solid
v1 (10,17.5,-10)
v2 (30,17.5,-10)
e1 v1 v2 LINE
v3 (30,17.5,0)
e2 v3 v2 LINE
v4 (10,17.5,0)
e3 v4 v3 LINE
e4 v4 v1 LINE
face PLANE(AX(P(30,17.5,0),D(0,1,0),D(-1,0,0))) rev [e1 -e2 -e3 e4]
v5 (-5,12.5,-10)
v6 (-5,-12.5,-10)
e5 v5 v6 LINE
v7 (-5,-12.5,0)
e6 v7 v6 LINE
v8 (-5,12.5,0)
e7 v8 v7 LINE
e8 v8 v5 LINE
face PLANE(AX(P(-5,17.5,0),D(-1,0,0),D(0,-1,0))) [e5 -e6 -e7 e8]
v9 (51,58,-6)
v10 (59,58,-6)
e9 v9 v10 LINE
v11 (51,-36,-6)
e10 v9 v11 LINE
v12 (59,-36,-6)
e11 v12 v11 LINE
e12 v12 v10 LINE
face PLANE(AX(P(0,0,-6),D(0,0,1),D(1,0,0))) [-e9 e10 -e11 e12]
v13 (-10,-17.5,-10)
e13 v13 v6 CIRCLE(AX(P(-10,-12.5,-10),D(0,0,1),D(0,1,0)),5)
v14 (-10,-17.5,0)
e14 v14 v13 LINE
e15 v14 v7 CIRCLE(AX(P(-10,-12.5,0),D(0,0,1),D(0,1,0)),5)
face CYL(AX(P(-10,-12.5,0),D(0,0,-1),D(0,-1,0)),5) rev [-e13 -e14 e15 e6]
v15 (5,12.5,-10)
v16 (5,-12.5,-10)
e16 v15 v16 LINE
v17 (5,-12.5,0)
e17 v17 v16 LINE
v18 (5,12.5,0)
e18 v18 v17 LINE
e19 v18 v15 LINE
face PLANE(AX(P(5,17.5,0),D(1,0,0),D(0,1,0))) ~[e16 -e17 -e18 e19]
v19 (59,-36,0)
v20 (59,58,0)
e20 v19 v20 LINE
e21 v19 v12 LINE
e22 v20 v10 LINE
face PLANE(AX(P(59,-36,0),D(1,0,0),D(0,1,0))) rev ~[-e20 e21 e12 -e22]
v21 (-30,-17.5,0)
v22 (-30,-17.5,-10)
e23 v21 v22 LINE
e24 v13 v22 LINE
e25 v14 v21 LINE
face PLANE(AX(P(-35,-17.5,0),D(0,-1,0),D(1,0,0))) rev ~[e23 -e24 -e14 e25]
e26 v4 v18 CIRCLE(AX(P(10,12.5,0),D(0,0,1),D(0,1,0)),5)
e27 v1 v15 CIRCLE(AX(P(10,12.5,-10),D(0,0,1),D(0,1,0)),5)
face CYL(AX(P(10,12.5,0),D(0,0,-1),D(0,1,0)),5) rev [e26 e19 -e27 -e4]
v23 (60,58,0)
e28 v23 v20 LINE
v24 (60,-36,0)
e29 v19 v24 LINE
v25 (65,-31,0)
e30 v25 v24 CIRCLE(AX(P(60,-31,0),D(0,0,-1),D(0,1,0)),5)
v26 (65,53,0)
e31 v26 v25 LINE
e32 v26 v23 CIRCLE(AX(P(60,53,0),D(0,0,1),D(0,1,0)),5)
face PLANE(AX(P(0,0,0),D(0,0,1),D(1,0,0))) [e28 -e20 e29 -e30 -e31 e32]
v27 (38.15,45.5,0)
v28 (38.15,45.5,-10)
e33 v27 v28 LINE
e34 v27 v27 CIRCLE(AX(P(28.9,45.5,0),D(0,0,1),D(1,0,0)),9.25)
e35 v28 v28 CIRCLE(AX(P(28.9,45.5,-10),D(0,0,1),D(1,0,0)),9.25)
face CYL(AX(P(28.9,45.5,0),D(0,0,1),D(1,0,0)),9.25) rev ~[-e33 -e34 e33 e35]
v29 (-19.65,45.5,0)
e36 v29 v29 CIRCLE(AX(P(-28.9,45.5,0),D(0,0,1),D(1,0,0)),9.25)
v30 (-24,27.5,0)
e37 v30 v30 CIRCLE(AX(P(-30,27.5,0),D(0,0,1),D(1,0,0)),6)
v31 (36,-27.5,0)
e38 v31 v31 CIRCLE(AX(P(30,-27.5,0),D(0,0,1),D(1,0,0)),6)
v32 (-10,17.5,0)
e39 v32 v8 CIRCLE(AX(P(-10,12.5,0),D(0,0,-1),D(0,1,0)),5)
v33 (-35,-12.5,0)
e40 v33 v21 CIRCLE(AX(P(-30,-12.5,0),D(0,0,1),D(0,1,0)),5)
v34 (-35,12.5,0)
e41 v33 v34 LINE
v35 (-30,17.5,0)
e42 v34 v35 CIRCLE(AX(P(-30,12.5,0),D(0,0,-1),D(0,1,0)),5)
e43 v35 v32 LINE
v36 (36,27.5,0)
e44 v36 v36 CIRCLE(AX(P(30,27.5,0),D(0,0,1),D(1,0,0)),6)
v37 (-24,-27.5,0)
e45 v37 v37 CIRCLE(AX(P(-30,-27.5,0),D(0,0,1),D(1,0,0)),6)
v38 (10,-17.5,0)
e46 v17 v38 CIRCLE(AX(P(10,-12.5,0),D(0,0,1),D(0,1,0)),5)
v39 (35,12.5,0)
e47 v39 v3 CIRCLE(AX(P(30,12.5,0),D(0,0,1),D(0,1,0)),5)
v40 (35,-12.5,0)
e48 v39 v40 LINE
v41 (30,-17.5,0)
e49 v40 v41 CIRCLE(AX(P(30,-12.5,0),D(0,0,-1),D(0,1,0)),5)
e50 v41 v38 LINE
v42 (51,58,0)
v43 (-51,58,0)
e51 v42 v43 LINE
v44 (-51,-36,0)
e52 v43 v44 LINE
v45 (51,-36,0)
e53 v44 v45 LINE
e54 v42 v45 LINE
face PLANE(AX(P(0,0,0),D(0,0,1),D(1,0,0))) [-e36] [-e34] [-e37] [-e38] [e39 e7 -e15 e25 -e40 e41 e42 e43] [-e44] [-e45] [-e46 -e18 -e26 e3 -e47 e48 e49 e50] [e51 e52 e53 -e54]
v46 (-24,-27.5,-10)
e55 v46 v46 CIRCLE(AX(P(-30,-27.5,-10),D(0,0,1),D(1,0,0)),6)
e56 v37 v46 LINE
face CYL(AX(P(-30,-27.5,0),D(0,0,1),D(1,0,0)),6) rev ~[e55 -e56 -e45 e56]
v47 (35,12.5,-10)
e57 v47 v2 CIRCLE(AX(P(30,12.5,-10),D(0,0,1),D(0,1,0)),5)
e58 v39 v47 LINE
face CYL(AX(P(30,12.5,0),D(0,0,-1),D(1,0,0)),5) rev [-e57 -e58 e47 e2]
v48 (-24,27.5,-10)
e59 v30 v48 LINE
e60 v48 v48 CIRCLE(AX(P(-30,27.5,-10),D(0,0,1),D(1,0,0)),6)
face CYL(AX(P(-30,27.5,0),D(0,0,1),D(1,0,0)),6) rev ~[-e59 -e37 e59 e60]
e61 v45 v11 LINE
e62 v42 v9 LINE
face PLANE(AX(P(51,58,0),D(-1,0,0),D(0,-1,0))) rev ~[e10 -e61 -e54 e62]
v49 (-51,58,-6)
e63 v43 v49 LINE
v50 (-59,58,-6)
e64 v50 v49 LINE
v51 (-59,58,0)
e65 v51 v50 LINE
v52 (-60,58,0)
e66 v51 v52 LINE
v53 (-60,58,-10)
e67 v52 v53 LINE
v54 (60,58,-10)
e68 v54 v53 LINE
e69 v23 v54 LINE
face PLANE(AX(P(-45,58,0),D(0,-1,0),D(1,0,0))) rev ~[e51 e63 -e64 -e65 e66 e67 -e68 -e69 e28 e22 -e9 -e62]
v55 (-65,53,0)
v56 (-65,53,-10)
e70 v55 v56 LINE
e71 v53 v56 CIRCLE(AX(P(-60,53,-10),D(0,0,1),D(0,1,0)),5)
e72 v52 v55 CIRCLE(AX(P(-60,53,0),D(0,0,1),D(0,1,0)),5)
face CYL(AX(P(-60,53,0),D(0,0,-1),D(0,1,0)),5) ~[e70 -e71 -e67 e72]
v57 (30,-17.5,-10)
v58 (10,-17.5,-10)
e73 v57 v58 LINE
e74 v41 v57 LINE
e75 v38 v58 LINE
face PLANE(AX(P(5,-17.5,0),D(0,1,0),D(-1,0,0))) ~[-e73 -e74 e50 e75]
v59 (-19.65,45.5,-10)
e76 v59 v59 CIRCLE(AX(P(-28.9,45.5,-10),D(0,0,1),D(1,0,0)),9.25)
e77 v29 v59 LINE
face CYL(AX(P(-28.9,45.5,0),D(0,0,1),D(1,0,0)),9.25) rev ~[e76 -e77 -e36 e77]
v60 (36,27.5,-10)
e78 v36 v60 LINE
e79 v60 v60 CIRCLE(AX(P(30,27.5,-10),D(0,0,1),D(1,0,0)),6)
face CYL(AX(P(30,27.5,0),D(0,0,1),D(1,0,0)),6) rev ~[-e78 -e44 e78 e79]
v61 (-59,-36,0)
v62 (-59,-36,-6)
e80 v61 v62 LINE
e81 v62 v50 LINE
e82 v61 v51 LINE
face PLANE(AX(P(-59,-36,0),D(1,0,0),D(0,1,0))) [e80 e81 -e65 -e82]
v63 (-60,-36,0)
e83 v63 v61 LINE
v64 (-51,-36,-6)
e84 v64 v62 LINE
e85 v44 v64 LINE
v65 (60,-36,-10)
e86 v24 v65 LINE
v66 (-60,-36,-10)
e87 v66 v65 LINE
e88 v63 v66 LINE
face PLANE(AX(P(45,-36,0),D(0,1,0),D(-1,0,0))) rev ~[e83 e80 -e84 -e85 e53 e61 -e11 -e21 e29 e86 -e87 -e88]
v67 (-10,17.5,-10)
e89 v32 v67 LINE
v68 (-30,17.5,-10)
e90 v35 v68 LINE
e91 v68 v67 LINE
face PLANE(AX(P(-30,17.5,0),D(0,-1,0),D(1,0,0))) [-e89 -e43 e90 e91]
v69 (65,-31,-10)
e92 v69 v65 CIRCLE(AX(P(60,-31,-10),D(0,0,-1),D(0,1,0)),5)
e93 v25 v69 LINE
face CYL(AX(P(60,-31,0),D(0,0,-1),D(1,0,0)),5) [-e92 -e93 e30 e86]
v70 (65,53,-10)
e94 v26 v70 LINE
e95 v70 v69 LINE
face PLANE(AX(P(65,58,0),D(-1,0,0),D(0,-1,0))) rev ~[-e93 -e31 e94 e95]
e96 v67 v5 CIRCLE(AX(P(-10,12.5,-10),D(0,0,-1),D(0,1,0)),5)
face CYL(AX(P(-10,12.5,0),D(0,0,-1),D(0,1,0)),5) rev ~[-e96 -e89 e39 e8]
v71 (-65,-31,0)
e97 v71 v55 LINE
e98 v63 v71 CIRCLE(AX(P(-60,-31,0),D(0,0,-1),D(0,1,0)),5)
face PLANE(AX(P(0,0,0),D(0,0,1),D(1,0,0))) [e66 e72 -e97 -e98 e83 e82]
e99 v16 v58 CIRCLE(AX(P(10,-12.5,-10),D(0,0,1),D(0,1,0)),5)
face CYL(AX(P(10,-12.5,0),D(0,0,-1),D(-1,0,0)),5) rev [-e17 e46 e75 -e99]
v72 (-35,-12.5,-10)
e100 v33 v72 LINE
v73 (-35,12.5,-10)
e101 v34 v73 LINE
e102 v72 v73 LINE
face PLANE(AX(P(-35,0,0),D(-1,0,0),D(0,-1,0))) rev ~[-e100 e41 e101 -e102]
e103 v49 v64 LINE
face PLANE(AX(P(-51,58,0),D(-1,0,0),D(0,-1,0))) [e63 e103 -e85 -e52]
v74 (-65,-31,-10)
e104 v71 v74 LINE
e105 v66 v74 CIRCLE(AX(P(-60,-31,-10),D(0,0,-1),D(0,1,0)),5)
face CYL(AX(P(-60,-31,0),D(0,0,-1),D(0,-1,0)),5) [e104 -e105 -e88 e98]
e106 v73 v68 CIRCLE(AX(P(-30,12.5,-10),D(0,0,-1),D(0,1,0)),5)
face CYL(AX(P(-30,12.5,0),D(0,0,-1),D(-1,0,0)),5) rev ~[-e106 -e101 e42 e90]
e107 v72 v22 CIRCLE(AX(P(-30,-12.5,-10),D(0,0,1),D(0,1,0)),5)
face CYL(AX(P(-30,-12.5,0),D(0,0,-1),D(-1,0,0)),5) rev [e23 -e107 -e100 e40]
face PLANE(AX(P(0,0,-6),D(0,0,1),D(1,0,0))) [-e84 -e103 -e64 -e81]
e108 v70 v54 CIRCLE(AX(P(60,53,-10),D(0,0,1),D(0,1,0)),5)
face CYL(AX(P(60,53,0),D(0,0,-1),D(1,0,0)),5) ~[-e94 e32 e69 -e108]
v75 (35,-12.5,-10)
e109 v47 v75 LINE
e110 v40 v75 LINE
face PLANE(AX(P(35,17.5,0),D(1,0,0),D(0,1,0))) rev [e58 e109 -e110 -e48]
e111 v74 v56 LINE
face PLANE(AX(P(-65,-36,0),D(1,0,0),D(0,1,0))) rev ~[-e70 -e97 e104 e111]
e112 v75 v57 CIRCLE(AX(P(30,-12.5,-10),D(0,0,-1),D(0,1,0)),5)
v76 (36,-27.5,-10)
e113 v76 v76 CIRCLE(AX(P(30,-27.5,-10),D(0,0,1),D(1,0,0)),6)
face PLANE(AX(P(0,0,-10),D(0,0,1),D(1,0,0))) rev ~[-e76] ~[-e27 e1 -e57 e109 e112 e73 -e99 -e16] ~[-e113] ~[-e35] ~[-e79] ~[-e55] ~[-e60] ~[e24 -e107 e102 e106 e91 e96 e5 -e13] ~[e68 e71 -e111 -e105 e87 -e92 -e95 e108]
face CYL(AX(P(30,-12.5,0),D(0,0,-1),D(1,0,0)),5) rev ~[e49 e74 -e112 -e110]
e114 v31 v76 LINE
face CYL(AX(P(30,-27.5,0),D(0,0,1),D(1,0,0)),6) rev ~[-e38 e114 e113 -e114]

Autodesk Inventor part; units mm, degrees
ref_plane "YZ Plane" through (0, 0, 0) normal (1, 0, 0) x (0, 1, 0)
ref_plane "XZ Plane" through (0, 0, 0) normal (0, 1, 0) x (-1, 0, 0)
ref_plane "XY Plane" through (0, 0, 0) normal (0, 0, 1) x (1, 0, 0)
sketch "Sketch1" plane through (0, 0, 0) normal (0, 0, 1) x (1, 0, 0)
  line L0 (-91, 0) -> (91, 0) construction
  line L1 (0, -94.2771) -> (0, 159.6624) construction
  circle A0 centre (-30, 27.5) radius 6
  circle A1 centre (30, 27.5) radius 6
  line L2 (-30, 27.5) -> (30, 27.5) construction
  line L3 (30, 27.5) -> (30, -27.5) construction
  line L4 (30, -27.5) -> (-30, -27.5) construction
  line L5 (-30, -27.5) -> (-30, 27.5) construction
  circle A2 centre (-30, -27.5) radius 6
  circle A3 centre (30, -27.5) radius 6
  line L6 (-30, 17.5) -> (-5, 17.5)
  line L7 (-5, 17.5) -> (-5, -17.5)
  line L8 (-5, -17.5) -> (-30, -17.5)
  circle A4 centre (-30, 0) radius 5
  circle A5 centre (-13, 7.5) radius 5.5
  circle A6 centre (-13, -7.5) radius 5.5
  line L9 (-45, 36) -> (45, 36)
  line L10 (45, 36) -> (45, -36)
  line L11 (45, -36) -> (-45, -36)
  line L12 (-45, -36) -> (-45, 36)
  circle A7 centre (-28.9, 45.5) radius 9.25
  circle A8 centre (28.9, 45.5) radius 9.25
  circle A9 centre (-28.9, -45.5) radius 9.25 construction
  circle A10 centre (28.9, -45.5) radius 9.25 construction
  line L13 (-30, 17.5) -> (-35, 17.5)
  line L14 (-35, 17.5) -> (-35, -17.5)
  line L15 (-35, -17.5) -> (-30, -17.5)
  line L16 (-45, 58) -> (45, 58)
  line L17 (45, 58) -> (45, 36)
  line L18 (45, 36) -> (-45, 36)
  line L19 (-45, 36) -> (-45, 58)
  line L20 (-45, -36) -> (45, -36)
  line L21 (45, -36) -> (45, -58) construction
  line L22 (45, -58) -> (-45, -58) construction
  line L23 (-45, -58) -> (-45, -36) construction
  line L24 (-45, -36) -> (-65, -36)
  line L25 (-65, -36) -> (-65, 58)
  line L26 (-65, 58) -> (-45, 58)
  line L27 (-45, 58) -> (-45, -36)
  line L28 (65, -36) -> (45, -36)
  line L29 (45, -36) -> (45, 58)
  line L30 (45, 58) -> (65, 58)
  line L31 (65, 58) -> (65, -36)
  line L32 (-51, -36) -> (-59, -36)
  line L33 (-59, -36) -> (-59, 58)
  line L34 (-59, 58) -> (-51, 58)
  line L35 (-51, 58) -> (-51, -36)
  line L36 (51, -36) -> (59, -36)
  line L37 (59, -36) -> (59, 58)
  line L38 (59, 58) -> (51, 58)
  line L39 (51, 58) -> (51, -36)
  point P0 (0, 0)
  point P1 (-55, 58)
  point P2 (55, 58)
  dimension "d2" = 12
  dimension "d3" = 60
  dimension "d4" = 55
  dimension "d5" = 10
  dimension "d6" = 25
  dimension "d7" = 10
  dimension "d8" = 17
  dimension "d9" = 11
  dimension "d10" = 15
  dimension "d12" = 18
  dimension "d13" = 18.5
  dimension "d14" = 90
  dimension "d15" = 72
  dimension "d18" = 30
  dimension "d25" = 10
  dimension "d26" = 10
  dimension "d28" = 22
  dimension "d35" = 57.8
  dimension "d36" = 20
  dimension "d37" = 8
extrude "Extrusion1" add sketch "Sketch1" against normal blind 10 contours A0 | A1 | A2 | A3 | A4 | L6 L7 L8 L15 L14 L13 | A5 | A6 | L19 L16 L17 L9 | L9 L10 L11 L12 | L12 L24 L35 L26 L19 | L17 L30 L39 L28 L10 | L24 L33 L26 L35 | L39 L30 L37 L28 | L24 L25 L26 L33 | L37 L30 L31 L28
extrude "Extrusion3" cut sketch "Sketch1" against normal through all contours A0 | A1 | A2 | A3
sketch "Sketch2" plane through (0, 0, 0) normal (0, 0, 1) x (1, 0, 0)
  line L0 (-78.9863, 0) -> (78.9863, 0) projected
  line L1 (0, -92.6147) -> (0, 159.3853) projected
  line L2 (-56.4188, 123.3853) -> (56.4188, 123.3853)
  line L3 (56.4188, 123.3853) -> (56.4188, 99.2325)
  line L4 (56.4188, -56.6147) -> (-56.4188, -56.6147)
  line L5 (-56.4188, -56.6147) -> (-56.4188, 99.2325)
  line L6 (-56.4188, 99.2325) -> (56.4188, 99.2325)
  line L7 (56.4188, 99.2325) -> (56.4188, -56.6147)
  line L8 (-56.4188, 99.2325) -> (-56.4188, 123.3853)
  point P0 (0, 0)
  dimension "d27" = 180
extrude "Extrusion4" cut sketch "Sketch1" against normal through all contours A4 | A5 | A6
extrude "Extrusion5" cut sketch "Sketch1" against normal through all contours L6 L7 L8 L15 L14 L13
mirror "Mirror2" about plane through (0, 0, 0) normal (1, 0, 0) of "Extrusion4", "Extrusion5"
fillet "Fillet4" radius 5 8 edges at (-35, 17.5, -5) (-5, 17.5, -5) (-35, -17.5, -5) (-5, -17.5, -5) (5, -17.5, -5) (5, 17.5, -5) (35, 17.5, -5) (35, -17.5, -5)
extrude "Extrusion6" cut sketch "Sketch1" against normal blind 6 contours L24 L33 L26 L35 | L39 L30 L37 L28
fillet "Fillet5" radius 5 4 edges at (-65, -36, -5) (65, -36, -5) (65, 58, -5) (-65, 58, -5)
properties part number "z plate bracket"
